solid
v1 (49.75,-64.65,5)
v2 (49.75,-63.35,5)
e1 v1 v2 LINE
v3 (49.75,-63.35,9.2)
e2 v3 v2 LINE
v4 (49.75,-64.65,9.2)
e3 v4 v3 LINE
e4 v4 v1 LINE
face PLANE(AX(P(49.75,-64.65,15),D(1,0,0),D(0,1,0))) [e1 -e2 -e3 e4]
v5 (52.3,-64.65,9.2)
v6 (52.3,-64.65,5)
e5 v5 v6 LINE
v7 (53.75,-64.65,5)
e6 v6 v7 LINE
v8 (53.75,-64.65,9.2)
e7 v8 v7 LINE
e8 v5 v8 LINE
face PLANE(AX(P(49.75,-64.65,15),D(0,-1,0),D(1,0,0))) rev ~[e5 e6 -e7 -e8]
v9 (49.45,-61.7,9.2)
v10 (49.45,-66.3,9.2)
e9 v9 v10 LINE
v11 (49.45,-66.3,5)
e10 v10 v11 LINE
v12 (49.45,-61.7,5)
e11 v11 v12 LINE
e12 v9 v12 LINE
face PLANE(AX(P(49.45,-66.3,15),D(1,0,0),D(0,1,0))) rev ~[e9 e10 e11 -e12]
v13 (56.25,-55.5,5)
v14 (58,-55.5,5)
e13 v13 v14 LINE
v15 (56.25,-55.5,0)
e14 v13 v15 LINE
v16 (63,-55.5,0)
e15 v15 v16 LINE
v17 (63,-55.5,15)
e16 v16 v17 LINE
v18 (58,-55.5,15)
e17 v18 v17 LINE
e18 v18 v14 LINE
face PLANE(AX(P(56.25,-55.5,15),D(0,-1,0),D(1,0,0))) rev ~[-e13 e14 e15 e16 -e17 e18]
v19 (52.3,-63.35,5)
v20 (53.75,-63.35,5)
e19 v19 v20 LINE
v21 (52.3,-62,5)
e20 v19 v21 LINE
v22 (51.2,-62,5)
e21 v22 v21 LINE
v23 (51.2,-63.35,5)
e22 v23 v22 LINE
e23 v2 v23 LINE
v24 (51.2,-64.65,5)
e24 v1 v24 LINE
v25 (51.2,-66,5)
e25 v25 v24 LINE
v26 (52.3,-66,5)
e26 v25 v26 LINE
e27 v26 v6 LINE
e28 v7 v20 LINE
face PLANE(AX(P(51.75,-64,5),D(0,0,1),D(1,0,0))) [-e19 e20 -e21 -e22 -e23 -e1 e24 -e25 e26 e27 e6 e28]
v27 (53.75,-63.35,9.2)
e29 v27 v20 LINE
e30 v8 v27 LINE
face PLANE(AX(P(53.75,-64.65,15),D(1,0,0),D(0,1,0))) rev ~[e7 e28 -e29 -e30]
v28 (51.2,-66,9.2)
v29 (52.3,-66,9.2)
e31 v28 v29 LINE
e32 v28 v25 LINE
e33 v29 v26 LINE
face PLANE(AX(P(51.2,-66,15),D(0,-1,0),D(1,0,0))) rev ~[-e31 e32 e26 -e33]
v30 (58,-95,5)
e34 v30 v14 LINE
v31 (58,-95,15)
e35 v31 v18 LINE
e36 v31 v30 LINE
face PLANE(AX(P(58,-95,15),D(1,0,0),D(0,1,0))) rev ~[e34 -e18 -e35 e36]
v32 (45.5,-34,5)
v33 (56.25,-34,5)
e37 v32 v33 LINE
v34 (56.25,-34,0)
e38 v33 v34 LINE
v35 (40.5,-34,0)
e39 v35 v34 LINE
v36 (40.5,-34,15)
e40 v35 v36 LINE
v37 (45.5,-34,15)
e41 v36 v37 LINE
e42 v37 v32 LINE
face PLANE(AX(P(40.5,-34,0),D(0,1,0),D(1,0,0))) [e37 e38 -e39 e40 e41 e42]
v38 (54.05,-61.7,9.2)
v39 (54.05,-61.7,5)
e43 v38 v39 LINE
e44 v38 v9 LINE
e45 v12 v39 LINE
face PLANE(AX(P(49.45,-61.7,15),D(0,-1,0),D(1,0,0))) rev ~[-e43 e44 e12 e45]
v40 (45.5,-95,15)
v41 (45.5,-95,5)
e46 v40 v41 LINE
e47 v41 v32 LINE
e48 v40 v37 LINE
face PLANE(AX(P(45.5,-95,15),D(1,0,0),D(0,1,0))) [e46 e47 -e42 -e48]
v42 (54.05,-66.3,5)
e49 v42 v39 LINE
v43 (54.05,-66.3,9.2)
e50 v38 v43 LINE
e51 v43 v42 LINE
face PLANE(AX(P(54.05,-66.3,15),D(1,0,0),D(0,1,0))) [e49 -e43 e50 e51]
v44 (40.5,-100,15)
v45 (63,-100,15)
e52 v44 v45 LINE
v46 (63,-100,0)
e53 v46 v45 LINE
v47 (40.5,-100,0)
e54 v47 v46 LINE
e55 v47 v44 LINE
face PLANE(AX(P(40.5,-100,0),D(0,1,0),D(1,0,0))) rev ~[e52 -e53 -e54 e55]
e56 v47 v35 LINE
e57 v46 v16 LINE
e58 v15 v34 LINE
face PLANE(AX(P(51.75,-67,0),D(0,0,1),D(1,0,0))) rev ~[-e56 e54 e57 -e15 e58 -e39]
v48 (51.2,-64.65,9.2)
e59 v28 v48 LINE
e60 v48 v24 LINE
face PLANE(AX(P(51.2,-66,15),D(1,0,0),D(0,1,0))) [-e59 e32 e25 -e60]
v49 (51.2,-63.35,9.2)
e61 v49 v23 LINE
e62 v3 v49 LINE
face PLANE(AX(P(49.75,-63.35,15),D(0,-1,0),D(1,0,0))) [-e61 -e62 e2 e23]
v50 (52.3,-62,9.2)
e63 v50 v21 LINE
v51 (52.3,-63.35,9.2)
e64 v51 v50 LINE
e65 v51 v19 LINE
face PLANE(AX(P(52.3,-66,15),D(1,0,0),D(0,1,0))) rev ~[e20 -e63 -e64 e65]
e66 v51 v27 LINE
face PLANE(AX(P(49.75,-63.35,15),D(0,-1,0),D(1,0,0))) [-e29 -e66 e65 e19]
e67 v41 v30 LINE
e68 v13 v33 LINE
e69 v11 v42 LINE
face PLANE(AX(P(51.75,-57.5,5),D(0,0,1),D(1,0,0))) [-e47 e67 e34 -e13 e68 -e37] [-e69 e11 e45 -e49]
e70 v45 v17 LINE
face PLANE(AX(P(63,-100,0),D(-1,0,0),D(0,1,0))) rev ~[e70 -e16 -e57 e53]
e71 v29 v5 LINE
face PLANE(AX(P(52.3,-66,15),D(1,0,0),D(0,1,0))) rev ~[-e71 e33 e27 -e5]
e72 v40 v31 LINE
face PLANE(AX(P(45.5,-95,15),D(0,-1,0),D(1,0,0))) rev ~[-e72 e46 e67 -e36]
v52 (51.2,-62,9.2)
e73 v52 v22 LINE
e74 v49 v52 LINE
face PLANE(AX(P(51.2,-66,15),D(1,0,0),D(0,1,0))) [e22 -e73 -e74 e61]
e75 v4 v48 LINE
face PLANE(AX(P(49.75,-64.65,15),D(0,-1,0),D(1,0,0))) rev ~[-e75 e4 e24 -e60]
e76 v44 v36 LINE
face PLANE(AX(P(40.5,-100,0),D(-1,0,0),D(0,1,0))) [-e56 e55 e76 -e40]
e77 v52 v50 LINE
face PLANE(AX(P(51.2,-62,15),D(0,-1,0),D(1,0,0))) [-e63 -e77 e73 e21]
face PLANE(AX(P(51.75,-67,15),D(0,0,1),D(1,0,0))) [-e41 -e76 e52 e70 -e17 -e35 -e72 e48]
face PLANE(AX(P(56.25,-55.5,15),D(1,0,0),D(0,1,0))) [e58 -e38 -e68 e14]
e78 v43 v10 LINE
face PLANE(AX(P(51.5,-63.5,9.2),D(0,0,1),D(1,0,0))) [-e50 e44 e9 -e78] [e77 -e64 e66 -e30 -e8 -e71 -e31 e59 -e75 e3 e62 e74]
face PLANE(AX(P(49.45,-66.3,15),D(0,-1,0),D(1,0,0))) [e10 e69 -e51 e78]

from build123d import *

# Parameters (mm, degrees)
SKETCH_W        = 22.5
SKETCH_H        = 66
PAD_DEPTH       = 15
SKETCH001_W     = 12.5
SKETCH001_H     = 75
SKETCH001_W_2   = 4.6
SKETCH001_H_2   = 4.6
POCKET_DEPTH    = 10
SKETCH002_W     = 7
SKETCH002_H     = 7
POCKET001_DEPTH = 5.8
SKETCH004_W     = 1.1
SKETCH004_H     = 4
POCKET002_DEPTH = 10
SKETCH005_W     = 4
SKETCH005_H     = 1.3
POCKET003_DEPTH = 10
SKETCH007_W     = 19.75
SKETCH007_H     = 26.5
POCKET004_DEPTH = 20


with BuildPart() as part:
    # Sketch → Pad (new body)
    with BuildSketch(Plane.XY):
        with Locations((51.75, -67)):
            Rectangle(SKETCH_W, SKETCH_H)
    extrude(amount=PAD_DEPTH)

    # Sketch001 (on DatumPlane) → Pocket (cut)
    with BuildSketch(Plane.XY.offset(15)):
        with Locations((51.75, -57.5)):
            Rectangle(SKETCH001_W, SKETCH001_H)
        with Locations((51.75, -64)):
            Rectangle(SKETCH001_W_2, SKETCH001_H_2, mode=Mode.SUBTRACT)
    extrude(amount=-POCKET_DEPTH, mode=Mode.SUBTRACT)

    # Sketch002 (on DatumPlane) → Pocket001 (cut)
    with BuildSketch(Plane.XY.offset(15)):
        with Locations((51.5, -63.5)):
            Rectangle(SKETCH002_W, SKETCH002_H)
    extrude(amount=-POCKET001_DEPTH, mode=Mode.SUBTRACT)

    # Sketch004 (on DatumPlane) → Pocket002 (cut)
    with BuildSketch(Plane.XY.offset(15)):
        with Locations((51.75, -64)):
            Rectangle(SKETCH004_W, SKETCH004_H)
    extrude(amount=-POCKET002_DEPTH, mode=Mode.SUBTRACT)

    # Sketch005 (on DatumPlane) → Pocket003 (cut)
    with BuildSketch(Plane.XY.offset(15)):
        with Locations((51.75, -64)):
            Rectangle(SKETCH005_W, SKETCH005_H)
    extrude(amount=-POCKET003_DEPTH, mode=Mode.SUBTRACT)

    # Sketch007 (on DatumPlane) → Pocket004 (cut)
    with BuildSketch(Plane.XY.offset(15)):
        with Locations((66.125, -42.25)):
            Rectangle(SKETCH007_W, SKETCH007_H)
    extrude(amount=-POCKET004_DEPTH, mode=Mode.SUBTRACT)


solid = part.part
